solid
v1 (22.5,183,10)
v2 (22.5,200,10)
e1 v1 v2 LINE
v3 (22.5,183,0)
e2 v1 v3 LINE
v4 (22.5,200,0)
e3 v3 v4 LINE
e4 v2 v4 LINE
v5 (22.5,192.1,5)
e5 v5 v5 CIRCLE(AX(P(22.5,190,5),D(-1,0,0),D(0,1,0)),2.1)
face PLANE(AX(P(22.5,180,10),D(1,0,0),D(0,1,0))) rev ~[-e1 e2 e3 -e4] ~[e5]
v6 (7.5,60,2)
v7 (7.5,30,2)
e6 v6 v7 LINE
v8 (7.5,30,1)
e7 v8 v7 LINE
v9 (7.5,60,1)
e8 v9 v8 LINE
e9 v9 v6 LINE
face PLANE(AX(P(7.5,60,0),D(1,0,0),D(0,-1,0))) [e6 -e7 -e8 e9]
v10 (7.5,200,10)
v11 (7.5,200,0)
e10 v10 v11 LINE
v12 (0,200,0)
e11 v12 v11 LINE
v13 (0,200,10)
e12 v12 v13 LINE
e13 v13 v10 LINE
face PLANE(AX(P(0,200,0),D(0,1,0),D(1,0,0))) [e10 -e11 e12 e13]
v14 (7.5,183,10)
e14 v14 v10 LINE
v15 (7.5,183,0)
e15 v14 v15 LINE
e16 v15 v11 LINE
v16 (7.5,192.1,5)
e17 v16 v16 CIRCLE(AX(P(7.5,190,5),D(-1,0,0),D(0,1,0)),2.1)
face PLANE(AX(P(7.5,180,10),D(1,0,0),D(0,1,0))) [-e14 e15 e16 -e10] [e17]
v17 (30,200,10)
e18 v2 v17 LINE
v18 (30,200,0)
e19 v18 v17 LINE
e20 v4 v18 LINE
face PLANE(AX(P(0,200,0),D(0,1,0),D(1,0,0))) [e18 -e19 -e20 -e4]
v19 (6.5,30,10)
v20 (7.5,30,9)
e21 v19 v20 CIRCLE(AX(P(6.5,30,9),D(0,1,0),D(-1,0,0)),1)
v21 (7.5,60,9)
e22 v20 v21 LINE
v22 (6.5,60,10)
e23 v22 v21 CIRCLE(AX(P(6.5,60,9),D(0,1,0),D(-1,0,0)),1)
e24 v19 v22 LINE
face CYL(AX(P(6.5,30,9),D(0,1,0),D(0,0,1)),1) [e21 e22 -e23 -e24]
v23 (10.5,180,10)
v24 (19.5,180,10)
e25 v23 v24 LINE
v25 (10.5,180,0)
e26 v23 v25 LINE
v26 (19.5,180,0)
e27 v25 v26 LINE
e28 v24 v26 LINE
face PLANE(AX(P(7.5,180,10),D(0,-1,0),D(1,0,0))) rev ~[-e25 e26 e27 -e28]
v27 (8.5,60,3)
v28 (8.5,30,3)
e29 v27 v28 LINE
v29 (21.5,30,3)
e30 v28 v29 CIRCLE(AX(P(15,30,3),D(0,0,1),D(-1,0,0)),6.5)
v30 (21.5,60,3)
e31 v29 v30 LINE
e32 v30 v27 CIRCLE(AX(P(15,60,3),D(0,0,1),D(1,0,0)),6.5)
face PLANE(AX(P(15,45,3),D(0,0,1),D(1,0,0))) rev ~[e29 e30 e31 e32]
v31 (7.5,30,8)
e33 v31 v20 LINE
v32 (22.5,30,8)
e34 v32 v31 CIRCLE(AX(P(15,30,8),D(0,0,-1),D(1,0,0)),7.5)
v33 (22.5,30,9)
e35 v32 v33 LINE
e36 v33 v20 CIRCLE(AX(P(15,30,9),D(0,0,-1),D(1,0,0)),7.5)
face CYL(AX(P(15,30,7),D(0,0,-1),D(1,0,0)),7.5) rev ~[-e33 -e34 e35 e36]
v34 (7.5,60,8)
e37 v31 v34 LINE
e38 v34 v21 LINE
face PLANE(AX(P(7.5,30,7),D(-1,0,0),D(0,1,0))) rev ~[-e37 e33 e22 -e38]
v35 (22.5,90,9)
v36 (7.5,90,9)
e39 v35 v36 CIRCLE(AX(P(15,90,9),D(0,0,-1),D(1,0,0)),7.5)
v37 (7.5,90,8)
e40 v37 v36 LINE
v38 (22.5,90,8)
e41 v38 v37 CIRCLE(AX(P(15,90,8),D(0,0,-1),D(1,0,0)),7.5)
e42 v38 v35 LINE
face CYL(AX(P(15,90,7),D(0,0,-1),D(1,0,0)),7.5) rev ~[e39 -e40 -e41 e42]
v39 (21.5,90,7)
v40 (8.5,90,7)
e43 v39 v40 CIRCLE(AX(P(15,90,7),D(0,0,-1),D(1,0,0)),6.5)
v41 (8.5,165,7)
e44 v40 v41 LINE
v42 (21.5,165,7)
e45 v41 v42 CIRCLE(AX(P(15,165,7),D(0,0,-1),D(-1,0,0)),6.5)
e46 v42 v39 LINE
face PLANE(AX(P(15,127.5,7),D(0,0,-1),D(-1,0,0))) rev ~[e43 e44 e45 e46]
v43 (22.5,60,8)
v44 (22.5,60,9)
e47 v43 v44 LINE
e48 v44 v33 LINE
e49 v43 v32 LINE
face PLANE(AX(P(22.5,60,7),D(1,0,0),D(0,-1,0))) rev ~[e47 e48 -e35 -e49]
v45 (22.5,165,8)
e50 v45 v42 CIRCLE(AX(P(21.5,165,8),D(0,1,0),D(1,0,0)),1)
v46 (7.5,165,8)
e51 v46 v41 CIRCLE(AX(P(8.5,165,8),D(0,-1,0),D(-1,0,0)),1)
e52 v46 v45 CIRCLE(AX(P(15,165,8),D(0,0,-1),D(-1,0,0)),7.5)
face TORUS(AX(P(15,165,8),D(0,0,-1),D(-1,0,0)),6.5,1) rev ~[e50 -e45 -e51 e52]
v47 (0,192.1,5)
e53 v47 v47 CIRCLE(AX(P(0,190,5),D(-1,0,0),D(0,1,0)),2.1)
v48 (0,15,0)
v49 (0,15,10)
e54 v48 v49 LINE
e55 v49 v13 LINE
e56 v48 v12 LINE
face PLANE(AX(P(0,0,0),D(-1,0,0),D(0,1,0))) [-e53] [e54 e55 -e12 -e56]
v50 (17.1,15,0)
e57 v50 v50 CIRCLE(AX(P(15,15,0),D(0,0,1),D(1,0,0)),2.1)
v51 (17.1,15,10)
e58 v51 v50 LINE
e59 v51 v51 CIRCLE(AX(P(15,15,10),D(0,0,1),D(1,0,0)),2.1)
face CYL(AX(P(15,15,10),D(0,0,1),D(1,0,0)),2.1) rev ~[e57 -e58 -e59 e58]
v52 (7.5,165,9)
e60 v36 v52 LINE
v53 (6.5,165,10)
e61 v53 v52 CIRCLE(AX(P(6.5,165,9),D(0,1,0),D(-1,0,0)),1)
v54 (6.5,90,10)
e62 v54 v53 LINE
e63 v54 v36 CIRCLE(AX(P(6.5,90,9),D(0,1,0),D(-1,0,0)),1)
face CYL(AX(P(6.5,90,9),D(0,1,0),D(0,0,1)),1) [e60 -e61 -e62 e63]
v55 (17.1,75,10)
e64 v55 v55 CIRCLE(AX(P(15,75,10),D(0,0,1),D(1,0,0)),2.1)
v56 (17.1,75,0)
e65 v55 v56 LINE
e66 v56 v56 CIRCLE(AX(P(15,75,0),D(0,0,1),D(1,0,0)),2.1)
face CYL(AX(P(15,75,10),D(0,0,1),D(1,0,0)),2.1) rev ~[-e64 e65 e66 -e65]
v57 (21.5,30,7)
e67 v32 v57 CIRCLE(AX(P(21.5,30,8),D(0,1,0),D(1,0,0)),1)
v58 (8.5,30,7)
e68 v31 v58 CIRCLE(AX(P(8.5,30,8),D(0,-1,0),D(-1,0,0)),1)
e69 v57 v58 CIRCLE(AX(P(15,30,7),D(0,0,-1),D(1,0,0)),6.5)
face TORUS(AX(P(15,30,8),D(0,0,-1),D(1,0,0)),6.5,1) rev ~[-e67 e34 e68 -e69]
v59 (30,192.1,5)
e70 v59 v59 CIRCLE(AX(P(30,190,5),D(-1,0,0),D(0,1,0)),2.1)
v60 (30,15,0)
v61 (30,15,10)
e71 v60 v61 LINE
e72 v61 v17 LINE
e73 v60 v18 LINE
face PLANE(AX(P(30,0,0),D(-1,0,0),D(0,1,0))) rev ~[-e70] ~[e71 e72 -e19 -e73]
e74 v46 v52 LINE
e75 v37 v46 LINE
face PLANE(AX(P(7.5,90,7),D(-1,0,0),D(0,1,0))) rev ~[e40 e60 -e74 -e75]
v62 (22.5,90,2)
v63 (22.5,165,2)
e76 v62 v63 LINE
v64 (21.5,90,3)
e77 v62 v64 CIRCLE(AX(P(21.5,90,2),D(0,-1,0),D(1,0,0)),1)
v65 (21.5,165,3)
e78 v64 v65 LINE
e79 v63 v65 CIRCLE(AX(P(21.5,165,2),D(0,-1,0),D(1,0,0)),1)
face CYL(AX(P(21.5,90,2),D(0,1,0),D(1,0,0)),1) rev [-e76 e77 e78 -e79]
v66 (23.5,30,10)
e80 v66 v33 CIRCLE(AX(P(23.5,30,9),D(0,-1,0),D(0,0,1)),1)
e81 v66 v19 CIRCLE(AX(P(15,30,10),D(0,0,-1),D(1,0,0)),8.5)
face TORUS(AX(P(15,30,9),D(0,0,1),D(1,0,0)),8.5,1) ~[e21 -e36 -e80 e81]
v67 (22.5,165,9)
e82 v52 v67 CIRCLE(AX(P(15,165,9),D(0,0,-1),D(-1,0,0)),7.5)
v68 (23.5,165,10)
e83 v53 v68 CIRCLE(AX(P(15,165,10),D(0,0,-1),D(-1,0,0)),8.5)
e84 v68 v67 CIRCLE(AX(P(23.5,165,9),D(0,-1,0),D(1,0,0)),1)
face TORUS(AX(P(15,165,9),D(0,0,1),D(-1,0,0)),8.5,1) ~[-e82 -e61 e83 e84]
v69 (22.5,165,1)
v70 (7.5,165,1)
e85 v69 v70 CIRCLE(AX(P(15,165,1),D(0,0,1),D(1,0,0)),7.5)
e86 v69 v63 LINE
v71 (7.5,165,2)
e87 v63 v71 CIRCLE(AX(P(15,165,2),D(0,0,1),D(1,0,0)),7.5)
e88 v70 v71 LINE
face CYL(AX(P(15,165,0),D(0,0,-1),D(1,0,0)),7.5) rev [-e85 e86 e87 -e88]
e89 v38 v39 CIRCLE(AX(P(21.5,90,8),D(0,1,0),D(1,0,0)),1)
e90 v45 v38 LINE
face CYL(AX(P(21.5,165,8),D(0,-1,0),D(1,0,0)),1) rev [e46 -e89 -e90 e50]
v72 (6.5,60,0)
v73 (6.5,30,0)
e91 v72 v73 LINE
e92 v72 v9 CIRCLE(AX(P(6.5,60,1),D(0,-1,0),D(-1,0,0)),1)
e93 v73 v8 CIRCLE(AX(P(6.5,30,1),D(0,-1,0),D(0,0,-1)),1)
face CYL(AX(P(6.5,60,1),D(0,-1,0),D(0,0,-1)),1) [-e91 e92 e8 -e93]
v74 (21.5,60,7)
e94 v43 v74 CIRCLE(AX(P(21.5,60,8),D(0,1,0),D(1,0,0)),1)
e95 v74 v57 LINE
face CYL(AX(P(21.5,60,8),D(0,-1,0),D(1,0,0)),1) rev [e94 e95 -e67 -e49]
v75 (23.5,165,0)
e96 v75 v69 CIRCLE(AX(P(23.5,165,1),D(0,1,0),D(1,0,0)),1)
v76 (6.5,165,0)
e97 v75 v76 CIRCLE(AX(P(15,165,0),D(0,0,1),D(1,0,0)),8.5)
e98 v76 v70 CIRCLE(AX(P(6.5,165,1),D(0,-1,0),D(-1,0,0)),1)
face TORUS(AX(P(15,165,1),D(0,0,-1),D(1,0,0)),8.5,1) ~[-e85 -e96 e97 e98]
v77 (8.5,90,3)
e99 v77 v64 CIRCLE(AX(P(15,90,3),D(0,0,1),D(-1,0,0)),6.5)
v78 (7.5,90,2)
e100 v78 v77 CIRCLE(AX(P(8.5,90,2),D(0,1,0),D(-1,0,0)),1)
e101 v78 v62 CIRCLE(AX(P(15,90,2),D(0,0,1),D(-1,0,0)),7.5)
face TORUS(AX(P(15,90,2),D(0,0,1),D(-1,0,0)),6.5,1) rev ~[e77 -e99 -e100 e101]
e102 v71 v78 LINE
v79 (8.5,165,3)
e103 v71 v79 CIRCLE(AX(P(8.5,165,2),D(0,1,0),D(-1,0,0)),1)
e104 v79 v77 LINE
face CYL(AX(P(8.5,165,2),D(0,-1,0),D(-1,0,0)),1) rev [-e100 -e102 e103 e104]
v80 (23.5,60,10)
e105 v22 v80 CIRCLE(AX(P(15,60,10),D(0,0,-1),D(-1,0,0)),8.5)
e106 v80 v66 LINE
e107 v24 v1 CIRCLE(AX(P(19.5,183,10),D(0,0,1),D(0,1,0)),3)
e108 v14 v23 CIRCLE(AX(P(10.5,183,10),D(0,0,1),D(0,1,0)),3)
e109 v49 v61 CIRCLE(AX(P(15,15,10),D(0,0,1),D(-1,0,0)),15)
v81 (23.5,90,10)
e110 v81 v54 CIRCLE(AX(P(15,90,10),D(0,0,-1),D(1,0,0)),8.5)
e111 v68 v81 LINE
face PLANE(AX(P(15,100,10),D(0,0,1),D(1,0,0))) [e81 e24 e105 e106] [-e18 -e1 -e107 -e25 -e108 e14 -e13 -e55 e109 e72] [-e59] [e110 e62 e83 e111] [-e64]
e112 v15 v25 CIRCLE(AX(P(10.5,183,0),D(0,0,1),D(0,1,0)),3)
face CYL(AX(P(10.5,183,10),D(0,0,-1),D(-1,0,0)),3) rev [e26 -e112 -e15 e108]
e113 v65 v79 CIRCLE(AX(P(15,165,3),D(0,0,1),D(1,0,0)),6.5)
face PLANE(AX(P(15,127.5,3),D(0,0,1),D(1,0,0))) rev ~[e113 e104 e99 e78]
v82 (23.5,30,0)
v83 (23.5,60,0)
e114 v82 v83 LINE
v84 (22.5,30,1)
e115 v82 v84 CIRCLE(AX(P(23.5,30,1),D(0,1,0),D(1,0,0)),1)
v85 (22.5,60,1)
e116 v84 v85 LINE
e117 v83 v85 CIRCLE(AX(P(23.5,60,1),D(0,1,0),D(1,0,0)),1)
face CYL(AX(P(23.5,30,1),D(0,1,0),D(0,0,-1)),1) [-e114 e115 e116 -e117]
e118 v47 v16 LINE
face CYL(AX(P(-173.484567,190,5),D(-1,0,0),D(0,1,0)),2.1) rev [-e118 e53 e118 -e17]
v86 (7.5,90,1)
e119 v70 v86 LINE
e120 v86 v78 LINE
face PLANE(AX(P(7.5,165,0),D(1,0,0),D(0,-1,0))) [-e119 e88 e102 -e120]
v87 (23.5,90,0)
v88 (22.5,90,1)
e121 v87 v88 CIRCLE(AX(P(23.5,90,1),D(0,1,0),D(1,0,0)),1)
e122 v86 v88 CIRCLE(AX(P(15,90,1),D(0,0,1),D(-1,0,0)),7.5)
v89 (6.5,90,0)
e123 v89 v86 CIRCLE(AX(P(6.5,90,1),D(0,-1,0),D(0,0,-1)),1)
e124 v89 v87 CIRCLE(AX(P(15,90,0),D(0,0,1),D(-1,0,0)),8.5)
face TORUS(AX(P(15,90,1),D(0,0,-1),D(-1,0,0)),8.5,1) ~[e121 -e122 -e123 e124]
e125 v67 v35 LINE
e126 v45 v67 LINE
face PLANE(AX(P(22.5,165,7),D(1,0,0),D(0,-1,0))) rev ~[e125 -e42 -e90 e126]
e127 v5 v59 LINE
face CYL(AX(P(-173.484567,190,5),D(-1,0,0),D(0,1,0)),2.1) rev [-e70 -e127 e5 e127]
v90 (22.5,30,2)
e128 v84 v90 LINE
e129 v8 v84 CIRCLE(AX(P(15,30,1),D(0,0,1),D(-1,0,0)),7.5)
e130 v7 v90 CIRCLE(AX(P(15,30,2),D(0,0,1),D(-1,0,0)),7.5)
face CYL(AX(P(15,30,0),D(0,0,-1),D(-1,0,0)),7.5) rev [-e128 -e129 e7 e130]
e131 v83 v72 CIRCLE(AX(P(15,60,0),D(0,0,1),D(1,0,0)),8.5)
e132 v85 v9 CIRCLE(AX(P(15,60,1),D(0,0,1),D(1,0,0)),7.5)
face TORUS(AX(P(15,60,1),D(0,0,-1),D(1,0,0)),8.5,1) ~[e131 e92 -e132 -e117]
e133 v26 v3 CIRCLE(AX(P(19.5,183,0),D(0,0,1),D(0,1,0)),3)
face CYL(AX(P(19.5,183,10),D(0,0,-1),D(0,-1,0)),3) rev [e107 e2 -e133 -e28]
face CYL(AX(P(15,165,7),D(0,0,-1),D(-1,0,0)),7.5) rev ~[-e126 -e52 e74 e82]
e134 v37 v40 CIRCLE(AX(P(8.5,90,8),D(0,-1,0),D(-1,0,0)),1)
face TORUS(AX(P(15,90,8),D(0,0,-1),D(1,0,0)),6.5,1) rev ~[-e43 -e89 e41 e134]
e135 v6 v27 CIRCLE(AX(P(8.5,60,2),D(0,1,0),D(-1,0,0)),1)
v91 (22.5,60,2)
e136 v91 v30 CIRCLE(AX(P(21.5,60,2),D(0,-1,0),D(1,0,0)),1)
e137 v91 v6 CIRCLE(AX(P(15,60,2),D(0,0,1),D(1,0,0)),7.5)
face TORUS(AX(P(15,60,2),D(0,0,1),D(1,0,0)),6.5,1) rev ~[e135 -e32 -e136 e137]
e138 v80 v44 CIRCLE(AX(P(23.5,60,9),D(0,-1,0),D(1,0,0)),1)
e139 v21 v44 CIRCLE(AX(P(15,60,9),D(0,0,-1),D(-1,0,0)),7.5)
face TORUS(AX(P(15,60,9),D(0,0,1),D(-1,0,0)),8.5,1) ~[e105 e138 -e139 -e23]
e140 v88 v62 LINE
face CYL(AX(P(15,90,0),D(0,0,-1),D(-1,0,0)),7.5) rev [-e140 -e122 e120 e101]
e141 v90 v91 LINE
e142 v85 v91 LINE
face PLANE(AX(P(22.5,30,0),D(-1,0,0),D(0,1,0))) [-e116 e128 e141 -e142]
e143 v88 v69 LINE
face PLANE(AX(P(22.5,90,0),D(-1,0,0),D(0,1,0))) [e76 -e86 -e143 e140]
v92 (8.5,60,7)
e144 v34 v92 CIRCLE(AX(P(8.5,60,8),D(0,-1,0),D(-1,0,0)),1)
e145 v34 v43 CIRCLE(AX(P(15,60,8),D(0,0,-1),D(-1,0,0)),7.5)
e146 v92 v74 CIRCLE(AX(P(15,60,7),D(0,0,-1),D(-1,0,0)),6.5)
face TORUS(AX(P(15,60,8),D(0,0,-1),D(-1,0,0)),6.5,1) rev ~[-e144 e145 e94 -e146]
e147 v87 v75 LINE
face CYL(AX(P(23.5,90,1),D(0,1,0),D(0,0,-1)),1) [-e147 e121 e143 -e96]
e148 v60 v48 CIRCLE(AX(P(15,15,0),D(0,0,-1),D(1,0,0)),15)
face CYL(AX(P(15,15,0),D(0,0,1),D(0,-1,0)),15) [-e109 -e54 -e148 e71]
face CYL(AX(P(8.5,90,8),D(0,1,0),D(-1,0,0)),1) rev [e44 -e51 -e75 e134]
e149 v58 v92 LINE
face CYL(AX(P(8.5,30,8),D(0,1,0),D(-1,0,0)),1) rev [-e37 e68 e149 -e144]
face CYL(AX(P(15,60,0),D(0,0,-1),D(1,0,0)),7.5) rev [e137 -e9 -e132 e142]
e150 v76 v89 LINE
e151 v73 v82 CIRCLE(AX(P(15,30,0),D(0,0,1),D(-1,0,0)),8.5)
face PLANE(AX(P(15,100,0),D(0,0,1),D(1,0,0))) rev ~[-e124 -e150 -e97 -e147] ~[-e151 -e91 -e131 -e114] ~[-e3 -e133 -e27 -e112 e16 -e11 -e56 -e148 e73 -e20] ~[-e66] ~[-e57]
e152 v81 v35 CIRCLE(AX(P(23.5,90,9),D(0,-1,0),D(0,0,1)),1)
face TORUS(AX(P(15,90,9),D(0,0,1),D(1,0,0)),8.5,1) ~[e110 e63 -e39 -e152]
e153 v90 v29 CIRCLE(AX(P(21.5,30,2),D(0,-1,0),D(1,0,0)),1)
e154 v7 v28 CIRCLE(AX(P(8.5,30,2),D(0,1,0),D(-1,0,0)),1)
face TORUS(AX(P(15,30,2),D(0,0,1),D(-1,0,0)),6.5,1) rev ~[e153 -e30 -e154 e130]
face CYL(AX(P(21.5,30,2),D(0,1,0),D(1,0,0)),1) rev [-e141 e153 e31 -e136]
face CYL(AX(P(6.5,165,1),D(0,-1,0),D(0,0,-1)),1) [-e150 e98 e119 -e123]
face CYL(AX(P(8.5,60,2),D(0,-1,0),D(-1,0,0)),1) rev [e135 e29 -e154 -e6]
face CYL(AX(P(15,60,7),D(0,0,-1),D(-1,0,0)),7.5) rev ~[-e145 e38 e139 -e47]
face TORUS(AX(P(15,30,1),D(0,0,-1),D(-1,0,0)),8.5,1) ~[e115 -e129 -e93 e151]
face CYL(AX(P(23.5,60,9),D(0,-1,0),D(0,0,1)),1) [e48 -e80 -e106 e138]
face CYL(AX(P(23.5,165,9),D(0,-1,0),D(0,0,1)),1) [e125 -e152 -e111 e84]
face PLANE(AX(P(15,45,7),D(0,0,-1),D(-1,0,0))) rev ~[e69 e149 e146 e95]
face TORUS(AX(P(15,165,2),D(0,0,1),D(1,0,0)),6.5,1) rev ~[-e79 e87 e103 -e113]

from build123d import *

# Parameters (mm, degrees)
SKETCH_1_W               = 30
SKETCH_1_H               = 200
EXTRUDE_1_DEPTH          = 10
FILLET_1_RADIUS          = 15
FILLET_1_LENGTH          = 10
SKETCH_2_R               = 2.1
CUT_EXTRUDE_1_DEPTH      = 10
SKETCH_3_R               = 2.1
CUT_EXTRUDE_2_DEPTH      = 10
SKETCH_4_W               = 15
SKETCH_4_H               = 20
CUT_EXTRUDE_3_DEPTH      = 10
FILLET_4_R               = 3
CUT_EXTRUDE_5_DEPTH      = 203.484567313
CUT_EXTRUDE_5_DEPTH_BACK = 203.484567313
SKETCH_6_R               = 2.1
CUT_EXTRUDE_6_DEPTH      = 3
FILLET_5_R               = 1
CUT_EXTRUDE_START        = -3
CUT_EXTRUDE_7_DEPTH      = 3
FILLET_6_R               = 1


with BuildPart() as part:
    # 草图1 → 凸台-拉伸1 (new body)
    with BuildSketch(Plane.XY):
        with Locations((15, 100)):
            Rectangle(SKETCH_1_W, SKETCH_1_H)
    extrude(amount=EXTRUDE_1_DEPTH)

    # 圆角1: full round fillet: the end face becomes a half cylinder, R = half its width
    fillet_1_face = Plane((15, 0, 5), x_dir=(0, 0, 1), z_dir=(0, -1, 0))  # on the end face: x along it, z out of the body
    fillet_1_slab = fillet_1_face.offset(-FILLET_1_RADIUS / 2) * Box(FILLET_1_LENGTH, 2 * FILLET_1_RADIUS, FILLET_1_RADIUS, mode=Mode.PRIVATE)  # the body's end, R deep
    fillet_1_round = Plane((15, 15, 5), x_dir=(0, -1, 0), z_dir=(0, 0, 1)) * Cylinder(FILLET_1_RADIUS, FILLET_1_LENGTH, mode=Mode.PRIVATE)  # its axis R under the face
    add(fillet_1_slab - fillet_1_round, mode=Mode.SUBTRACT)

    # 草图2 → 切除-拉伸1 (cut)
    with BuildSketch(Plane.XY.offset(10)):
        with Locations((15, 15)):
            Circle(SKETCH_2_R)
    extrude(amount=-CUT_EXTRUDE_1_DEPTH, mode=Mode.SUBTRACT)

    # 草图3 → 切除-拉伸2 (cut)
    with BuildSketch(Plane.XY.offset(10)):
        with Locations((15, 75)):
            Circle(SKETCH_3_R)
    extrude(amount=-CUT_EXTRUDE_2_DEPTH, mode=Mode.SUBTRACT)

    # 草图4 → 切除-拉伸3 (cut)
    with BuildSketch(Plane.XY.offset(10)):
        with Locations((15, 190)):
            Rectangle(SKETCH_4_W, SKETCH_4_H)
    extrude(amount=-CUT_EXTRUDE_3_DEPTH, mode=Mode.SUBTRACT)

    # 圆角4
    fillet_4_edges = [part.edges().sort_by_distance(p)[0] for p in [
        (7.5, 180, 5),
        (22.5, 180, 5),
    ]]
    fillet(fillet_4_edges, radius=FILLET_4_R)

    # 草图6 → 切除-拉伸5 (cut, two sides: drawn at the far end of the back side and taken through both)
    with BuildSketch(Plane(origin=(30, 0, 0), x_dir=(0, 0, -1), z_dir=(1, 0, 0)).offset(-CUT_EXTRUDE_5_DEPTH_BACK)):
        with Locations(Location((-5, 190, 0), (0, 0, 90))):
            Circle(SKETCH_6_R)
    extrude(amount=CUT_EXTRUDE_5_DEPTH + CUT_EXTRUDE_5_DEPTH_BACK, mode=Mode.SUBTRACT)

    # 草图7 → 切除-拉伸6 (cut)
    with BuildSketch(Plane(origin=(0, 0, 0), x_dir=(-1, 0, 0), z_dir=(0, 0, -1))):
        with BuildLine():
            Line((-7.5, 165), (-7.5, 90))
            ThreePointArc((-7.5, 90), (-15, 82.5), (-22.5, 90))
            Line((-22.5, 90), (-22.5, 165))
            ThreePointArc((-22.5, 165), (-15, 172.5), (-7.5, 165))
        make_face()
        with BuildLine():
            Line((-7.5, 60), (-7.5, 30))
            ThreePointArc((-7.5, 30), (-15, 22.5), (-22.5, 30))
            Line((-22.5, 30), (-22.5, 60))
            ThreePointArc((-22.5, 60), (-15, 67.5), (-7.5, 60))
        make_face()
    extrude(amount=-CUT_EXTRUDE_6_DEPTH, mode=Mode.SUBTRACT)

    # 圆角5
    fillet_5_edges = [part.edges().sort_by_distance(p)[0] for p in [
        (15, 172.5, 3),
        (7.5, 127.5, 3),
        (15, 82.5, 3),
        (22.5, 127.5, 3),
        (15, 172.5, 0),
        (22.5, 127.5, 0),
        (15, 82.5, 0),
        (7.5, 127.5, 0),
        (15, 67.5, 3),
        (7.5, 45, 3),
        (15, 22.5, 3),
        (22.5, 45, 3),
        (15, 67.5, 0),
        (22.5, 45, 0),
        (15, 22.5, 0),
        (7.5, 45, 0),
    ]]
    fillet(fillet_5_edges, radius=FILLET_5_R)

    # 草图8 → 切除-拉伸7 (cut)
    with BuildSketch(Plane.XY.offset(10).offset(CUT_EXTRUDE_START)):
        with BuildLine():
            Line((22.5, 165), (22.5, 90))
            ThreePointArc((22.5, 90), (15, 82.5), (7.5, 90))
            Line((7.5, 90), (7.5, 165))
            ThreePointArc((7.5, 165), (15, 172.5), (22.5, 165))
        make_face()
        with BuildLine():
            Line((22.5, 60), (22.5, 30))
            ThreePointArc((22.5, 30), (15, 22.5), (7.5, 30))
            Line((7.5, 30), (7.5, 60))
            ThreePointArc((7.5, 60), (15, 67.5), (22.5, 60))
        make_face()
    extrude(amount=CUT_EXTRUDE_7_DEPTH, mode=Mode.SUBTRACT)

    # 圆角6
    fillet_6_edges = [part.edges().sort_by_distance(p)[0] for p in [
        (15, 172.5, 7),
        (22.5, 127.5, 7),
        (15, 82.5, 7),
        (7.5, 127.5, 7),
        (15, 172.5, 10),
        (7.5, 127.5, 10),
        (15, 82.5, 10),
        (22.5, 127.5, 10),
        (15, 67.5, 7),
        (22.5, 45, 7),
        (15, 22.5, 7),
        (7.5, 45, 7),
        (15, 67.5, 10),
        (7.5, 45, 10),
        (15, 22.5, 10),
        (22.5, 45, 10),
    ]]
    fillet(fillet_6_edges, radius=FILLET_6_R)


solid = part.part
